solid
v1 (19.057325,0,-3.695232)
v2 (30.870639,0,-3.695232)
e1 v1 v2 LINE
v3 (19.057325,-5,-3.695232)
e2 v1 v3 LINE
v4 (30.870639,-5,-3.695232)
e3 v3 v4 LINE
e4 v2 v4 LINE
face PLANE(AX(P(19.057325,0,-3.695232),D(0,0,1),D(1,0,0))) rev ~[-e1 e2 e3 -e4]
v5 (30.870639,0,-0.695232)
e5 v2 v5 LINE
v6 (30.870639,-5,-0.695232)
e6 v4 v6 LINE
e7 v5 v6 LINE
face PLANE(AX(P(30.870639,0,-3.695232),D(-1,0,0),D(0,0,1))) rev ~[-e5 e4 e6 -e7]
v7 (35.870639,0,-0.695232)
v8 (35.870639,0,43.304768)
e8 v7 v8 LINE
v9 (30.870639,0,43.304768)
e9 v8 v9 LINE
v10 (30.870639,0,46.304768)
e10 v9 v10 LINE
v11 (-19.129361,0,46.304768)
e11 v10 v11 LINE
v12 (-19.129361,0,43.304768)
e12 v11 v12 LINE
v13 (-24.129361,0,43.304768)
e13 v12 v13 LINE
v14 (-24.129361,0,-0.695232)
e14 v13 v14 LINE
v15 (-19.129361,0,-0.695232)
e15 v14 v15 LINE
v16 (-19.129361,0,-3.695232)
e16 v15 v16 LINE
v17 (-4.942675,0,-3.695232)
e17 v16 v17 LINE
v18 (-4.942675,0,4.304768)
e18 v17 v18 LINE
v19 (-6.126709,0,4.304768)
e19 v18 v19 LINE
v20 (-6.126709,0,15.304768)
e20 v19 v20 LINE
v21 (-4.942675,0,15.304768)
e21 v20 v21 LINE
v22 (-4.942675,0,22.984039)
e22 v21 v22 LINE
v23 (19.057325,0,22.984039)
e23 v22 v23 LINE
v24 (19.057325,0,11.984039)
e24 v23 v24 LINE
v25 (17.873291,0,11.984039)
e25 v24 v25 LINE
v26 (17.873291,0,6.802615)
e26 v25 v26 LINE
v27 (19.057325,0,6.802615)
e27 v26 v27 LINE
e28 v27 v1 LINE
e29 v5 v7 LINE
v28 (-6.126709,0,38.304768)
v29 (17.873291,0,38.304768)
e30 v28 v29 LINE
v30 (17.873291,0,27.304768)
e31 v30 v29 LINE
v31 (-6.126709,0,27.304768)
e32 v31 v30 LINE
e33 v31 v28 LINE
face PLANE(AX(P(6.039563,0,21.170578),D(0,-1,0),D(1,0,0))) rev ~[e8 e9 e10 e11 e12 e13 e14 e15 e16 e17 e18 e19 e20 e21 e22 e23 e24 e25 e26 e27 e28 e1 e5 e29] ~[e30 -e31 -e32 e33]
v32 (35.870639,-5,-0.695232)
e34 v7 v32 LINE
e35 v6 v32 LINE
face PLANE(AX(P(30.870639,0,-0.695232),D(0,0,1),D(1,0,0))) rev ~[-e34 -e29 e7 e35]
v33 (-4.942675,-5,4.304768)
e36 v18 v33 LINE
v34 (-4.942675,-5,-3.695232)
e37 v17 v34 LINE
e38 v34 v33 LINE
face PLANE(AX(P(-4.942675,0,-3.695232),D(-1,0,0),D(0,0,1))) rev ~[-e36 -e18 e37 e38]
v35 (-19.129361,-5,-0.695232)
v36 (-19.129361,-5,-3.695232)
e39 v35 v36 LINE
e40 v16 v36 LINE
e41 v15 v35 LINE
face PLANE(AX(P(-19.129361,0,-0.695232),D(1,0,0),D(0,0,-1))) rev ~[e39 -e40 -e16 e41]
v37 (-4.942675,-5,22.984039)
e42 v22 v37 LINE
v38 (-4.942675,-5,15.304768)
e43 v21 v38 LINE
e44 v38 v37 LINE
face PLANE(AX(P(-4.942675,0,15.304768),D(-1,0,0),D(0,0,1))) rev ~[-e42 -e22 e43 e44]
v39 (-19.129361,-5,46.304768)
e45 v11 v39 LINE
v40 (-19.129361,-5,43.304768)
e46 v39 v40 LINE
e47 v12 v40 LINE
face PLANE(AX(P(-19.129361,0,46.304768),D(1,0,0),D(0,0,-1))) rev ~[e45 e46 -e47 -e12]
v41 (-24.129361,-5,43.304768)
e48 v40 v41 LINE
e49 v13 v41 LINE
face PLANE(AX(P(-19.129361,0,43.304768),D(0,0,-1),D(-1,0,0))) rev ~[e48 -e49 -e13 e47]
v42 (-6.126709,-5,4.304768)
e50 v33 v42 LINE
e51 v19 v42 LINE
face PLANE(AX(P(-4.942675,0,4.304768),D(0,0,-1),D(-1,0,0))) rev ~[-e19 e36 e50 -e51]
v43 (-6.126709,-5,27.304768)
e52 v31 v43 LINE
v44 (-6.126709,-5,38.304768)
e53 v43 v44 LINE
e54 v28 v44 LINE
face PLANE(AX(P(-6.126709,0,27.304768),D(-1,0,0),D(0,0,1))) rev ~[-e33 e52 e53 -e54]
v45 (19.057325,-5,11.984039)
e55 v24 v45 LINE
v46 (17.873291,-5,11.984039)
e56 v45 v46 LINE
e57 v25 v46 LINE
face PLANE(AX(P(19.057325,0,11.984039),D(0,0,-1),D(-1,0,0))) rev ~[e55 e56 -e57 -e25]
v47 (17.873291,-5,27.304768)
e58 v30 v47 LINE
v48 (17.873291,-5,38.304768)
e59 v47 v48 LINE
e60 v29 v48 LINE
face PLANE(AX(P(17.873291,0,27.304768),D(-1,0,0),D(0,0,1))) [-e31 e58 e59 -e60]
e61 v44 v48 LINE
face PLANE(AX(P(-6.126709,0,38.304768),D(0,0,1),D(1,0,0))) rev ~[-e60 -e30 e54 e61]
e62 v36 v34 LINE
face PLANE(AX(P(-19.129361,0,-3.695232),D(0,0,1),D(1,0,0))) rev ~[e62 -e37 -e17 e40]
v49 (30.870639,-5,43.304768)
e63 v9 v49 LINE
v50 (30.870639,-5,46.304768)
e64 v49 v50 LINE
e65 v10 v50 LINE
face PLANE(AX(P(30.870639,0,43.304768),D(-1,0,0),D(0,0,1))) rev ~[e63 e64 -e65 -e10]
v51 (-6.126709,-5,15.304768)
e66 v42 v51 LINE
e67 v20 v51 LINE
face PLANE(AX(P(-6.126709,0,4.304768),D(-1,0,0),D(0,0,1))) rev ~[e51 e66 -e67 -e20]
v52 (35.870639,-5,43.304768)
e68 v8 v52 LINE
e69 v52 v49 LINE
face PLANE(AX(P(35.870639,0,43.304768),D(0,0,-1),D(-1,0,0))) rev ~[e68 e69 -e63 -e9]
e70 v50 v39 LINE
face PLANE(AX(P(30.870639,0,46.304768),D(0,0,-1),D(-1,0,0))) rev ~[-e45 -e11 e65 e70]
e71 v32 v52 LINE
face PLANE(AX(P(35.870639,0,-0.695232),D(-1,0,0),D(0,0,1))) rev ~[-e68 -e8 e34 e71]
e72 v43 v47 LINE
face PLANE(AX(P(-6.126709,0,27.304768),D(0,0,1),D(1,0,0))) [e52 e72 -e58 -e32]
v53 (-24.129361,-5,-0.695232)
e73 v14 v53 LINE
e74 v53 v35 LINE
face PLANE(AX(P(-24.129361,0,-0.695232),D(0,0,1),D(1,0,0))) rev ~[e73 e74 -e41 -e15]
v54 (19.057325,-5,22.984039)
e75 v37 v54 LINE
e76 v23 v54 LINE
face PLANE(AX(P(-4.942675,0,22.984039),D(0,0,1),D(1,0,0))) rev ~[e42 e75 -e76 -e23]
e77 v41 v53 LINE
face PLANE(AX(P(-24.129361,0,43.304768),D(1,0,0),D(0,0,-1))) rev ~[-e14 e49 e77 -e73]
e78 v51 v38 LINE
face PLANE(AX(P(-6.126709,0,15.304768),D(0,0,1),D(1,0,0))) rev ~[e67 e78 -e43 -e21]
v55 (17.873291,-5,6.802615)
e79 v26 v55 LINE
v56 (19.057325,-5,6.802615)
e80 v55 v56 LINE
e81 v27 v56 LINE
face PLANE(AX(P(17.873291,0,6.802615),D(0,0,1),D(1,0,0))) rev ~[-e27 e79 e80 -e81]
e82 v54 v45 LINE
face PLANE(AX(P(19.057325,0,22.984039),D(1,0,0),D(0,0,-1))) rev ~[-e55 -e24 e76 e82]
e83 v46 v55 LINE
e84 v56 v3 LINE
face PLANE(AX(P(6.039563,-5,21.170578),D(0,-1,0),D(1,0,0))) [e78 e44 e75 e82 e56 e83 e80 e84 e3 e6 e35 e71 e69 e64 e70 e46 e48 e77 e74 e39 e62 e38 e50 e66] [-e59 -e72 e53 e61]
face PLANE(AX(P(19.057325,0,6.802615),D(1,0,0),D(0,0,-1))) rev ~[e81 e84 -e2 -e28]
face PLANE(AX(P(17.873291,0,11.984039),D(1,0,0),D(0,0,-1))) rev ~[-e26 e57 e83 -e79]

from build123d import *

# Parameters (mm, degrees)
F1_W     = 24
F1_H     = 11
F2_DEPTH = 5


with BuildPart() as f2:
    # F1 (on face) → F2 (new body)
    with BuildSketch(Plane.XZ):
        Polygon((-4.942675, 15.304768), (-4.942675, 22.984039), (19.057325, 22.984039), (19.057325, 11.984039), (17.873291, 11.984039), (17.873291, 6.802615), (19.057325, 6.802615), (19.057325, -3.695232), (30.870639, -3.695232), (30.870639, -0.695232), (35.870639, -0.695232), (35.870639, 43.304768), (30.870639, 43.304768), (30.870639, 46.304768), (-19.129361, 46.304768), (-19.129361, 43.304768), (-24.129361, 43.304768), (-24.129361, -0.695232), (-19.129361, -0.695232), (-19.129361, -3.695232), (-4.942675, -3.695232), (-4.942675, 4.304768), (-6.126709, 4.304768), (-6.126709, 15.304768), align=None)
        with Locations((5.873291, 32.804768)):
            Rectangle(F1_W, F1_H, mode=Mode.SUBTRACT)
    extrude(amount=F2_DEPTH)


solid = f2.part
